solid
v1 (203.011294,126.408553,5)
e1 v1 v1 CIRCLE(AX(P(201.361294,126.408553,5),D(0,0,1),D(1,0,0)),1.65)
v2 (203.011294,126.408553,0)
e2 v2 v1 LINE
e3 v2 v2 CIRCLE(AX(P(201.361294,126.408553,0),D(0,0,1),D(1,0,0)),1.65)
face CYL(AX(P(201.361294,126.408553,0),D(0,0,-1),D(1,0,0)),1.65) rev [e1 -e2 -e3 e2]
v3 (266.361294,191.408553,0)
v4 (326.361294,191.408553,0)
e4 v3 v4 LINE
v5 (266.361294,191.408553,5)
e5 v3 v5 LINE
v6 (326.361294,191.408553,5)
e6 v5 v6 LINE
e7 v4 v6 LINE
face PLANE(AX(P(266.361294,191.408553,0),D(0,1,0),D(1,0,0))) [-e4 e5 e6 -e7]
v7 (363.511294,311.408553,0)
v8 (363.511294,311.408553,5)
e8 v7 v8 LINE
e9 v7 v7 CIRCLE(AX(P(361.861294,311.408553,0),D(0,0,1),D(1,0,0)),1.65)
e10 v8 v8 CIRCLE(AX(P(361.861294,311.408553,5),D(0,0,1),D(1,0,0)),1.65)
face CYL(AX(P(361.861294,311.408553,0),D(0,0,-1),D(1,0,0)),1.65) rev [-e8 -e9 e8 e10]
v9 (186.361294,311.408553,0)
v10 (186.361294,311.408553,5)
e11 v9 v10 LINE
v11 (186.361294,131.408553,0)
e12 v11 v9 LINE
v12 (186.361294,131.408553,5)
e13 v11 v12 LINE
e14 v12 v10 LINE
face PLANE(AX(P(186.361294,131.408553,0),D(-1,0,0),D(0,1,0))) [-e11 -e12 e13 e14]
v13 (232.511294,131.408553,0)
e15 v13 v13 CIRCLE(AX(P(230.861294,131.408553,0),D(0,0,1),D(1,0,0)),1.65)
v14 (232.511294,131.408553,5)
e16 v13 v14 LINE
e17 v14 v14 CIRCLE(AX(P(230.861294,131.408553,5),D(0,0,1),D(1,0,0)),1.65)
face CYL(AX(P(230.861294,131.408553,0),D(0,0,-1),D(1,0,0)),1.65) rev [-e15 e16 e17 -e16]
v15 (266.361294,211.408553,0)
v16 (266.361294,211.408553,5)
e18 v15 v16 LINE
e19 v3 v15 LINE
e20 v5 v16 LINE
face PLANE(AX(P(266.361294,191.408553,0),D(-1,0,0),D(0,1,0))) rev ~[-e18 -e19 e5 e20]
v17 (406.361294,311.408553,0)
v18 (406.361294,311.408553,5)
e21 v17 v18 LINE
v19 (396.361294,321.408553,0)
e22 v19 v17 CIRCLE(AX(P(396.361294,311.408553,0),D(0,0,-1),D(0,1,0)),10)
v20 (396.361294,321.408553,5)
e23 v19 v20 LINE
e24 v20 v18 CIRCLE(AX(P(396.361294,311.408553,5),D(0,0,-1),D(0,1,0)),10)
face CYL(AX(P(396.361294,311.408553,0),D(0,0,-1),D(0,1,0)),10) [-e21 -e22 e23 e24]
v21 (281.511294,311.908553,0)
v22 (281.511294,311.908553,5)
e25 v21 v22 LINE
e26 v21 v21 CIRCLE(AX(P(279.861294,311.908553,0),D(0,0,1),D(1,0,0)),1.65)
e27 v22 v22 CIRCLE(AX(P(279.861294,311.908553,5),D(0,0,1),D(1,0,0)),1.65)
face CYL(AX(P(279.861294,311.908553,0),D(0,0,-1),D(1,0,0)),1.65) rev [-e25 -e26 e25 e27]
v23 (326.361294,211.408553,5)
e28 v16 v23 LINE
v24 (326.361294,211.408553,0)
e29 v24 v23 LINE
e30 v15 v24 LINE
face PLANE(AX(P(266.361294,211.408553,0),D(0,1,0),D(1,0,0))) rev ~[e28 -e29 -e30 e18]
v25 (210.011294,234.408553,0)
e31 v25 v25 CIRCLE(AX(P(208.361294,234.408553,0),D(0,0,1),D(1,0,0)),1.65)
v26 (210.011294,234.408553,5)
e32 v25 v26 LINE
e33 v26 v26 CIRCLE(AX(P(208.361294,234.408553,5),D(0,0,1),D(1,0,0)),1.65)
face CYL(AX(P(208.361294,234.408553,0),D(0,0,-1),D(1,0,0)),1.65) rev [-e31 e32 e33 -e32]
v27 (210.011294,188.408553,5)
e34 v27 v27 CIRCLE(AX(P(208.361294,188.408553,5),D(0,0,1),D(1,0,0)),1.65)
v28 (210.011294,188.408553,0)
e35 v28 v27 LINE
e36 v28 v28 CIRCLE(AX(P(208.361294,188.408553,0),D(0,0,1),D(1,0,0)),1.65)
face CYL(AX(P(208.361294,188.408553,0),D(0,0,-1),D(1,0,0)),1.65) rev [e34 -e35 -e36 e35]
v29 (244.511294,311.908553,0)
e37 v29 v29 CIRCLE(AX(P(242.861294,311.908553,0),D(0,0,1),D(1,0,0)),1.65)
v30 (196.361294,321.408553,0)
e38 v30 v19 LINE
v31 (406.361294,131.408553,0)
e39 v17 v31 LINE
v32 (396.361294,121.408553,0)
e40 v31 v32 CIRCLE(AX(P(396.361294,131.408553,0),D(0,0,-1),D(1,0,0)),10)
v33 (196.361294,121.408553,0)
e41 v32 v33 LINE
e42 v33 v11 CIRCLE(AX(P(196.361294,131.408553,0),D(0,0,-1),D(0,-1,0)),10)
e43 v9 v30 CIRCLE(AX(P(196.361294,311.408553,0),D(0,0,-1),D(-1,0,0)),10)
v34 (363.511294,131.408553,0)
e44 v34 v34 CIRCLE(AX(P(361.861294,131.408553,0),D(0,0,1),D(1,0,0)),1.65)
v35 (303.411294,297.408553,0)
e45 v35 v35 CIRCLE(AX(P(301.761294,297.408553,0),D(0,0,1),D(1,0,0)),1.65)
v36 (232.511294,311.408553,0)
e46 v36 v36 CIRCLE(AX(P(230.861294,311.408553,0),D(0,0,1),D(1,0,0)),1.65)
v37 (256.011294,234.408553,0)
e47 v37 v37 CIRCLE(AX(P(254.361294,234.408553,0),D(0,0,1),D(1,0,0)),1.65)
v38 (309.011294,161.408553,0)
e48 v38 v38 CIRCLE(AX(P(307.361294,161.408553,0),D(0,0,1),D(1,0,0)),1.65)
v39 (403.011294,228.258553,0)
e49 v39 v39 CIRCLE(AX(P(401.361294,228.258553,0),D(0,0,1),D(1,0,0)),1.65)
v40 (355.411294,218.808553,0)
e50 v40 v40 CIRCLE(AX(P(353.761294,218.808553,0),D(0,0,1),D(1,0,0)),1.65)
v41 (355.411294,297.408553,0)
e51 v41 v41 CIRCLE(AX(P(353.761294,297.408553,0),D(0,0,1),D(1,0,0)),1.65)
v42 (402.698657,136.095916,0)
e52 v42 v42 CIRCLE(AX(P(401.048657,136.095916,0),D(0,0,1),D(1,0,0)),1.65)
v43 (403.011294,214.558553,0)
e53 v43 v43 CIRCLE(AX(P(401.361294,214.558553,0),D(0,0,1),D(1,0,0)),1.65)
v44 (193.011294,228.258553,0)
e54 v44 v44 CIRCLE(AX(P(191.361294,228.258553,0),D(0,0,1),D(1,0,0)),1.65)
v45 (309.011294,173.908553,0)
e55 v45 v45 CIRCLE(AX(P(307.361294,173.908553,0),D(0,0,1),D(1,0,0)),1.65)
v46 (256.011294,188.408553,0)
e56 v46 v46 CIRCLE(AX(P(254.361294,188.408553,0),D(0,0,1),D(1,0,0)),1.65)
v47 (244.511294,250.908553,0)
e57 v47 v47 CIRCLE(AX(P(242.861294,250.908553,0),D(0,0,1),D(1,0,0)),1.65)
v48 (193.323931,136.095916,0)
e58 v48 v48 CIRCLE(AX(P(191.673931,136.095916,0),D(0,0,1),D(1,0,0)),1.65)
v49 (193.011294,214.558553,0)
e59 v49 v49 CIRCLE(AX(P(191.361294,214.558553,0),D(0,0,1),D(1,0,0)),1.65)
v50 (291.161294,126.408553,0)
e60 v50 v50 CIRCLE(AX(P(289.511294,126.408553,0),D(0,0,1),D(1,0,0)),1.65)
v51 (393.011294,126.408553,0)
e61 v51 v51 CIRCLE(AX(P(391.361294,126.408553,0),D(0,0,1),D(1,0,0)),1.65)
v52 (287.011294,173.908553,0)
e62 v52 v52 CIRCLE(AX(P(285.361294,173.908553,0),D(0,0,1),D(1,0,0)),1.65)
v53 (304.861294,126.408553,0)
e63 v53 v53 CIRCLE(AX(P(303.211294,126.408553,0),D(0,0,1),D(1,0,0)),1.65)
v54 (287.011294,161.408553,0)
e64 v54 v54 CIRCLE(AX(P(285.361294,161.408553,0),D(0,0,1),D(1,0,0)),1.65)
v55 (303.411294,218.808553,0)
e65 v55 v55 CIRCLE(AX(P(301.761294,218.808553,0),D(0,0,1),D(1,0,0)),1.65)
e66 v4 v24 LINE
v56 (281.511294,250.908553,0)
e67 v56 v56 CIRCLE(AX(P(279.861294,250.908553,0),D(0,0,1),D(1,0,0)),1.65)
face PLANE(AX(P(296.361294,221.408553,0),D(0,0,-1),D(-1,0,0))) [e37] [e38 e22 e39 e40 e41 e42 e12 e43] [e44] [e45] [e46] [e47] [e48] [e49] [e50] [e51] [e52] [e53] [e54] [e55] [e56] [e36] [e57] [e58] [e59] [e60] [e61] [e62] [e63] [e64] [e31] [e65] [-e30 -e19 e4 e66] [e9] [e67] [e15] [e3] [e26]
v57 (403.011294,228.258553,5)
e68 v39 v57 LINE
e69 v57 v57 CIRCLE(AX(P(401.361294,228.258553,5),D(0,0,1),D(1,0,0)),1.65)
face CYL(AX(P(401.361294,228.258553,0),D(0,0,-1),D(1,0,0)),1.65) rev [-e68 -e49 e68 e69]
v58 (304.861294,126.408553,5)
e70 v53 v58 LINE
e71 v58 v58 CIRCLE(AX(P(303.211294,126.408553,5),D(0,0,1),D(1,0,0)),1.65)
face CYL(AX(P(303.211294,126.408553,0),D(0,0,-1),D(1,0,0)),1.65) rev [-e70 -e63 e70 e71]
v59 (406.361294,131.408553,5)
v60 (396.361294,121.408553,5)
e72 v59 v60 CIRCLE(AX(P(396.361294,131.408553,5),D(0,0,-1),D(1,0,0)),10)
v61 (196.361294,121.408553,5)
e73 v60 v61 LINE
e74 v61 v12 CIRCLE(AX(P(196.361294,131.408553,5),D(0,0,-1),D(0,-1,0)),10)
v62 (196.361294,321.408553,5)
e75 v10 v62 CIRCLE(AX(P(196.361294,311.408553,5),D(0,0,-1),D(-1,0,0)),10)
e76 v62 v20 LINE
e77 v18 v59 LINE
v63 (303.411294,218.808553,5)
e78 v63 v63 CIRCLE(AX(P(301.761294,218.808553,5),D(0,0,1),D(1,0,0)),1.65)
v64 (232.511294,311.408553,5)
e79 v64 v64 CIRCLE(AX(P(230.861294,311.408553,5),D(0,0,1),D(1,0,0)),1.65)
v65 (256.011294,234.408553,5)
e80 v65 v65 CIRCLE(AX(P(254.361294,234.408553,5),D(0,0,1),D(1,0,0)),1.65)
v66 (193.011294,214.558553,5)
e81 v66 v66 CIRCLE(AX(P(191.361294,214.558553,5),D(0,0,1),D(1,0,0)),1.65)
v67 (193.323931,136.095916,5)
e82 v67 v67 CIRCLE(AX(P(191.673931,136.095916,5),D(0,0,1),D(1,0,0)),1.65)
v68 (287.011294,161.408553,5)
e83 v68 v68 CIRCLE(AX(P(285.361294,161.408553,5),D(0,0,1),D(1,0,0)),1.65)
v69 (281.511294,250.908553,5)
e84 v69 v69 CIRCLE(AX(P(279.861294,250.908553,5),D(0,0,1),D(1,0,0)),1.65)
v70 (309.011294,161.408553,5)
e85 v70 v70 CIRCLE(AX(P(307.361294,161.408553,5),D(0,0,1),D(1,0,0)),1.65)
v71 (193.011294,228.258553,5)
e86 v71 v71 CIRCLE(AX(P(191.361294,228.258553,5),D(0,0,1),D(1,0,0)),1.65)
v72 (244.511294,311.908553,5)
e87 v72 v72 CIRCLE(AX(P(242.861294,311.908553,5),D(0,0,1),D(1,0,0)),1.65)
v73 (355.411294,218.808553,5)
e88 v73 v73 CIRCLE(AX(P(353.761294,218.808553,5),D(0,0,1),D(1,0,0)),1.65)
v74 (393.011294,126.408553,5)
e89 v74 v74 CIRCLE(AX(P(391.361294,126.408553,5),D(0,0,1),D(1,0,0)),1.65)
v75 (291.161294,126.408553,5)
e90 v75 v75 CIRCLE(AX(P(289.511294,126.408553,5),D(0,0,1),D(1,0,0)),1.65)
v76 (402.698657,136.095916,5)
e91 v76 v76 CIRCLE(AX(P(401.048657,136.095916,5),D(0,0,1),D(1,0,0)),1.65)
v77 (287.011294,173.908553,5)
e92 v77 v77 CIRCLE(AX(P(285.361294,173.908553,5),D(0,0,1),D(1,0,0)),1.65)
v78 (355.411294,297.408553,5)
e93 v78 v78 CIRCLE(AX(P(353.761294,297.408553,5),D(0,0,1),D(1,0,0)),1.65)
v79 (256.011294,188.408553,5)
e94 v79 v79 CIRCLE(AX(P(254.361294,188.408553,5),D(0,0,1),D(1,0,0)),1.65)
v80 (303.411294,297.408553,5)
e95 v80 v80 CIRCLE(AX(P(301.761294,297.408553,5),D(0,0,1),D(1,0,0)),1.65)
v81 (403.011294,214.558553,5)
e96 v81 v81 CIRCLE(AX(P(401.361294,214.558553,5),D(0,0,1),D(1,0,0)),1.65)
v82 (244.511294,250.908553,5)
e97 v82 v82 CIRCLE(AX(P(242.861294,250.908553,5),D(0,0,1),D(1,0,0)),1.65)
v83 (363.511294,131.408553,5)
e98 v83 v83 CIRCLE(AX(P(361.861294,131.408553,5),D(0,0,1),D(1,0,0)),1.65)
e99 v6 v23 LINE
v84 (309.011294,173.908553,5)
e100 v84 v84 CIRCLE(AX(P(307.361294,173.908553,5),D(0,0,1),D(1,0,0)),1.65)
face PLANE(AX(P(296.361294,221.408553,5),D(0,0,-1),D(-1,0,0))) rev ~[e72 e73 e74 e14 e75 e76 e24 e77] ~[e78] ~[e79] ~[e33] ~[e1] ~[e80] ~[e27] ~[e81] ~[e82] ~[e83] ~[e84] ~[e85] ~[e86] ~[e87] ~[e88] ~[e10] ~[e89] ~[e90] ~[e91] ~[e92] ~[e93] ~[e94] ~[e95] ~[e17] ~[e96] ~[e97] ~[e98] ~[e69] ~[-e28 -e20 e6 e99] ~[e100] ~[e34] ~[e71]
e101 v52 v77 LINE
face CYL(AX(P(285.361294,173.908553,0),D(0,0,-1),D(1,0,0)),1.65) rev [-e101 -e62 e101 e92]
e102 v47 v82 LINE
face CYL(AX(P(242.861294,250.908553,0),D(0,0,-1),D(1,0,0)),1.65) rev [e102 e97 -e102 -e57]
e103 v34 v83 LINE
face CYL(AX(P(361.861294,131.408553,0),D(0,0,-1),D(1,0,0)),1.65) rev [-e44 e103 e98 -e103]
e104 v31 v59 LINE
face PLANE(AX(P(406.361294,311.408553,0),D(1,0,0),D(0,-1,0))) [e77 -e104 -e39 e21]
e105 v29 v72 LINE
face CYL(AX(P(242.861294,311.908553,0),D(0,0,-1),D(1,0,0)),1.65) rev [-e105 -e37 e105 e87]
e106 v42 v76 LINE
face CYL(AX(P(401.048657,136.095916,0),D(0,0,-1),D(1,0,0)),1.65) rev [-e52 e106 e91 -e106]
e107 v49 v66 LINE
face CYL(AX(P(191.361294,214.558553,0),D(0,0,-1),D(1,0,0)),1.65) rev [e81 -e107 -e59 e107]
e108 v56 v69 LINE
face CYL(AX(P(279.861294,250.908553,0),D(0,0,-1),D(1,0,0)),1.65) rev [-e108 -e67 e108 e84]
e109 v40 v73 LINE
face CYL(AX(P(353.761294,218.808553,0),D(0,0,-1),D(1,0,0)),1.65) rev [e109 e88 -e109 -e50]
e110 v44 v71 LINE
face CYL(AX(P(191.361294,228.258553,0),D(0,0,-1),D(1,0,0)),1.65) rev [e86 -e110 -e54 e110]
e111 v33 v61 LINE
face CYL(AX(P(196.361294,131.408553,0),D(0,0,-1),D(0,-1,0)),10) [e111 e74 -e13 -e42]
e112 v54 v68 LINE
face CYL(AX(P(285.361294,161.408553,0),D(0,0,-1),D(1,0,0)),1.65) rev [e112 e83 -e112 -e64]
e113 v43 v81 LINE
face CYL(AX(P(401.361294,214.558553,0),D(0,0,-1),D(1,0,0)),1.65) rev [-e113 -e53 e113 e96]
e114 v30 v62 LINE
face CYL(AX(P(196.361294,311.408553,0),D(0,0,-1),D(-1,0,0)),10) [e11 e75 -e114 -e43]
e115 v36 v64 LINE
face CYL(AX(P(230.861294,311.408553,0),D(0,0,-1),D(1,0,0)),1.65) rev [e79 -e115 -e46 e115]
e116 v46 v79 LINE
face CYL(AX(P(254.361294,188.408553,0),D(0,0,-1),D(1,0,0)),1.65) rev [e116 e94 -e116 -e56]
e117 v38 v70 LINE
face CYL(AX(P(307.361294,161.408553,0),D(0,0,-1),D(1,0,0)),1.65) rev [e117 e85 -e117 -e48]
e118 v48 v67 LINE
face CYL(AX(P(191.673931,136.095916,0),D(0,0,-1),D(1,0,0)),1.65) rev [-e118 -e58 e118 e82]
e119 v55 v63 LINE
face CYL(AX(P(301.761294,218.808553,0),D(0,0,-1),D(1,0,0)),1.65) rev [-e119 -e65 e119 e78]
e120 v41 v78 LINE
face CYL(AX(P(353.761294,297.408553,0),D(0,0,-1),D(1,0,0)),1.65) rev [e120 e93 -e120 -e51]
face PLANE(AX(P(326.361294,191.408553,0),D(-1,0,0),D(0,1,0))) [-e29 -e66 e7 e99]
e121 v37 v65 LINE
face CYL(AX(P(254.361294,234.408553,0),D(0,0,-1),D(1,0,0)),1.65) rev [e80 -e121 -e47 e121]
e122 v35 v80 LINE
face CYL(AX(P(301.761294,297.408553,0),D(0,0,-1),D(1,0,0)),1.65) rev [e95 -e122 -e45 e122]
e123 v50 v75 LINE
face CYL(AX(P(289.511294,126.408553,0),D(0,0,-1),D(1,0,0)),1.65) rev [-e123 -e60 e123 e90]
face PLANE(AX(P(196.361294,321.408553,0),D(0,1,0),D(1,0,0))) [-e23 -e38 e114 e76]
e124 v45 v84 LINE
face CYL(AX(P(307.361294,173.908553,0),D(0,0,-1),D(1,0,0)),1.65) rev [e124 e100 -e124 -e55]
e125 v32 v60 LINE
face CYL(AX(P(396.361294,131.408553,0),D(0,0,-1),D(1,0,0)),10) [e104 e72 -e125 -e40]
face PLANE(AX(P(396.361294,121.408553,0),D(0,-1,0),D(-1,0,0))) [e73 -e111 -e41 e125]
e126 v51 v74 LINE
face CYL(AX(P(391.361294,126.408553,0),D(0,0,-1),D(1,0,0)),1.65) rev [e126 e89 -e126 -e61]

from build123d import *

# Parameters (mm, degrees)
MODEL_R         = 1.65
MODEL_W         = 60
MODEL_H         = 20
EXTRUDE_1_DEPTH = 5


with BuildPart() as part:
    # Model → 凸台-拉伸1 (new body)
    with BuildSketch(Plane.XY):
        with BuildLine():
            Line((196.361294225, 321.408553495), (396.361294225, 321.408553495))
            ThreePointArc((396.361294225, 321.408553495), (403.432362037, 318.479621307), (406.361294225, 311.408553495))
            Line((406.361294225, 311.408553495), (406.361294225, 131.408553495))
            ThreePointArc((406.361294225, 131.408553495), (403.432362037, 124.337485683), (396.361294225, 121.408553495))
            Line((396.361294225, 121.408553495), (196.361294225, 121.408553495))
            ThreePointArc((196.361294225, 121.408553495), (189.290226413, 124.337485683), (186.361294225, 131.408553495))
            Line((186.361294225, 131.408553495), (186.361294225, 311.408553495))
            ThreePointArc((186.361294225, 311.408553495), (189.290226413, 318.479621307), (196.361294225, 321.408553495))
        make_face()
        with Locations((230.861294225, 311.408553495)):
            Circle(MODEL_R, mode=Mode.SUBTRACT)
        with Locations((361.861294225, 311.408553495)):
            Circle(MODEL_R, mode=Mode.SUBTRACT)
        with Locations((230.861294225, 131.408553495)):
            Circle(MODEL_R, mode=Mode.SUBTRACT)
        with Locations((361.861294225, 131.408553495)):
            Circle(MODEL_R, mode=Mode.SUBTRACT)
        with Locations((279.861294225, 311.908553495)):
            Circle(MODEL_R, mode=Mode.SUBTRACT)
        with Locations((279.861294225, 250.908553495)):
            Circle(MODEL_R, mode=Mode.SUBTRACT)
        with Locations((242.861294225, 311.908553495)):
            Circle(MODEL_R, mode=Mode.SUBTRACT)
        with Locations((242.861294225, 250.908553495)):
            Circle(MODEL_R, mode=Mode.SUBTRACT)
        with Locations((208.361294225, 234.408553495)):
            Circle(MODEL_R, mode=Mode.SUBTRACT)
        with Locations((254.361294225, 234.408553495)):
            Circle(MODEL_R, mode=Mode.SUBTRACT)
        with Locations((208.361294225, 188.408553495)):
            Circle(MODEL_R, mode=Mode.SUBTRACT)
        with Locations((254.361294225, 188.408553495)):
            Circle(MODEL_R, mode=Mode.SUBTRACT)
        with Locations((301.761294225, 297.408553495)):
            Circle(MODEL_R, mode=Mode.SUBTRACT)
        with Locations((301.761294225, 218.808553495)):
            Circle(MODEL_R, mode=Mode.SUBTRACT)
        with Locations((353.761294225, 297.408553495)):
            Circle(MODEL_R, mode=Mode.SUBTRACT)
        with Locations((353.761294225, 218.808553495)):
            Circle(MODEL_R, mode=Mode.SUBTRACT)
        with Locations((201.361294225, 126.408553495)):
            Circle(MODEL_R, mode=Mode.SUBTRACT)
        with Locations((191.673931322, 136.095916397)):
            Circle(MODEL_R, mode=Mode.SUBTRACT)
        with Locations((391.361294225, 126.408553495)):
            Circle(MODEL_R, mode=Mode.SUBTRACT)
        with Locations((401.048657127, 136.095916397)):
            Circle(MODEL_R, mode=Mode.SUBTRACT)
        with Locations((289.511294225, 126.408553495)):
            Circle(MODEL_R, mode=Mode.SUBTRACT)
        with Locations((303.211294225, 126.408553495)):
            Circle(MODEL_R, mode=Mode.SUBTRACT)
        with Locations((401.361294225, 228.258553495)):
            Circle(MODEL_R, mode=Mode.SUBTRACT)
        with Locations((401.361294225, 214.558553495)):
            Circle(MODEL_R, mode=Mode.SUBTRACT)
        with Locations((191.361294225, 228.258553495)):
            Circle(MODEL_R, mode=Mode.SUBTRACT)
        with Locations((191.361294225, 214.558553495)):
            Circle(MODEL_R, mode=Mode.SUBTRACT)
        with Locations((285.361294225, 173.908553495)):
            Circle(MODEL_R, mode=Mode.SUBTRACT)
        with Locations((307.361294225, 173.908553495)):
            Circle(MODEL_R, mode=Mode.SUBTRACT)
        with Locations((285.361294225, 161.408553495)):
            Circle(MODEL_R, mode=Mode.SUBTRACT)
        with Locations((307.361294225, 161.408553495)):
            Circle(MODEL_R, mode=Mode.SUBTRACT)
        with Locations((296.361294225, 201.408553495)):
            Rectangle(MODEL_W, MODEL_H, mode=Mode.SUBTRACT)
    extrude(amount=EXTRUDE_1_DEPTH)


solid = part.part
